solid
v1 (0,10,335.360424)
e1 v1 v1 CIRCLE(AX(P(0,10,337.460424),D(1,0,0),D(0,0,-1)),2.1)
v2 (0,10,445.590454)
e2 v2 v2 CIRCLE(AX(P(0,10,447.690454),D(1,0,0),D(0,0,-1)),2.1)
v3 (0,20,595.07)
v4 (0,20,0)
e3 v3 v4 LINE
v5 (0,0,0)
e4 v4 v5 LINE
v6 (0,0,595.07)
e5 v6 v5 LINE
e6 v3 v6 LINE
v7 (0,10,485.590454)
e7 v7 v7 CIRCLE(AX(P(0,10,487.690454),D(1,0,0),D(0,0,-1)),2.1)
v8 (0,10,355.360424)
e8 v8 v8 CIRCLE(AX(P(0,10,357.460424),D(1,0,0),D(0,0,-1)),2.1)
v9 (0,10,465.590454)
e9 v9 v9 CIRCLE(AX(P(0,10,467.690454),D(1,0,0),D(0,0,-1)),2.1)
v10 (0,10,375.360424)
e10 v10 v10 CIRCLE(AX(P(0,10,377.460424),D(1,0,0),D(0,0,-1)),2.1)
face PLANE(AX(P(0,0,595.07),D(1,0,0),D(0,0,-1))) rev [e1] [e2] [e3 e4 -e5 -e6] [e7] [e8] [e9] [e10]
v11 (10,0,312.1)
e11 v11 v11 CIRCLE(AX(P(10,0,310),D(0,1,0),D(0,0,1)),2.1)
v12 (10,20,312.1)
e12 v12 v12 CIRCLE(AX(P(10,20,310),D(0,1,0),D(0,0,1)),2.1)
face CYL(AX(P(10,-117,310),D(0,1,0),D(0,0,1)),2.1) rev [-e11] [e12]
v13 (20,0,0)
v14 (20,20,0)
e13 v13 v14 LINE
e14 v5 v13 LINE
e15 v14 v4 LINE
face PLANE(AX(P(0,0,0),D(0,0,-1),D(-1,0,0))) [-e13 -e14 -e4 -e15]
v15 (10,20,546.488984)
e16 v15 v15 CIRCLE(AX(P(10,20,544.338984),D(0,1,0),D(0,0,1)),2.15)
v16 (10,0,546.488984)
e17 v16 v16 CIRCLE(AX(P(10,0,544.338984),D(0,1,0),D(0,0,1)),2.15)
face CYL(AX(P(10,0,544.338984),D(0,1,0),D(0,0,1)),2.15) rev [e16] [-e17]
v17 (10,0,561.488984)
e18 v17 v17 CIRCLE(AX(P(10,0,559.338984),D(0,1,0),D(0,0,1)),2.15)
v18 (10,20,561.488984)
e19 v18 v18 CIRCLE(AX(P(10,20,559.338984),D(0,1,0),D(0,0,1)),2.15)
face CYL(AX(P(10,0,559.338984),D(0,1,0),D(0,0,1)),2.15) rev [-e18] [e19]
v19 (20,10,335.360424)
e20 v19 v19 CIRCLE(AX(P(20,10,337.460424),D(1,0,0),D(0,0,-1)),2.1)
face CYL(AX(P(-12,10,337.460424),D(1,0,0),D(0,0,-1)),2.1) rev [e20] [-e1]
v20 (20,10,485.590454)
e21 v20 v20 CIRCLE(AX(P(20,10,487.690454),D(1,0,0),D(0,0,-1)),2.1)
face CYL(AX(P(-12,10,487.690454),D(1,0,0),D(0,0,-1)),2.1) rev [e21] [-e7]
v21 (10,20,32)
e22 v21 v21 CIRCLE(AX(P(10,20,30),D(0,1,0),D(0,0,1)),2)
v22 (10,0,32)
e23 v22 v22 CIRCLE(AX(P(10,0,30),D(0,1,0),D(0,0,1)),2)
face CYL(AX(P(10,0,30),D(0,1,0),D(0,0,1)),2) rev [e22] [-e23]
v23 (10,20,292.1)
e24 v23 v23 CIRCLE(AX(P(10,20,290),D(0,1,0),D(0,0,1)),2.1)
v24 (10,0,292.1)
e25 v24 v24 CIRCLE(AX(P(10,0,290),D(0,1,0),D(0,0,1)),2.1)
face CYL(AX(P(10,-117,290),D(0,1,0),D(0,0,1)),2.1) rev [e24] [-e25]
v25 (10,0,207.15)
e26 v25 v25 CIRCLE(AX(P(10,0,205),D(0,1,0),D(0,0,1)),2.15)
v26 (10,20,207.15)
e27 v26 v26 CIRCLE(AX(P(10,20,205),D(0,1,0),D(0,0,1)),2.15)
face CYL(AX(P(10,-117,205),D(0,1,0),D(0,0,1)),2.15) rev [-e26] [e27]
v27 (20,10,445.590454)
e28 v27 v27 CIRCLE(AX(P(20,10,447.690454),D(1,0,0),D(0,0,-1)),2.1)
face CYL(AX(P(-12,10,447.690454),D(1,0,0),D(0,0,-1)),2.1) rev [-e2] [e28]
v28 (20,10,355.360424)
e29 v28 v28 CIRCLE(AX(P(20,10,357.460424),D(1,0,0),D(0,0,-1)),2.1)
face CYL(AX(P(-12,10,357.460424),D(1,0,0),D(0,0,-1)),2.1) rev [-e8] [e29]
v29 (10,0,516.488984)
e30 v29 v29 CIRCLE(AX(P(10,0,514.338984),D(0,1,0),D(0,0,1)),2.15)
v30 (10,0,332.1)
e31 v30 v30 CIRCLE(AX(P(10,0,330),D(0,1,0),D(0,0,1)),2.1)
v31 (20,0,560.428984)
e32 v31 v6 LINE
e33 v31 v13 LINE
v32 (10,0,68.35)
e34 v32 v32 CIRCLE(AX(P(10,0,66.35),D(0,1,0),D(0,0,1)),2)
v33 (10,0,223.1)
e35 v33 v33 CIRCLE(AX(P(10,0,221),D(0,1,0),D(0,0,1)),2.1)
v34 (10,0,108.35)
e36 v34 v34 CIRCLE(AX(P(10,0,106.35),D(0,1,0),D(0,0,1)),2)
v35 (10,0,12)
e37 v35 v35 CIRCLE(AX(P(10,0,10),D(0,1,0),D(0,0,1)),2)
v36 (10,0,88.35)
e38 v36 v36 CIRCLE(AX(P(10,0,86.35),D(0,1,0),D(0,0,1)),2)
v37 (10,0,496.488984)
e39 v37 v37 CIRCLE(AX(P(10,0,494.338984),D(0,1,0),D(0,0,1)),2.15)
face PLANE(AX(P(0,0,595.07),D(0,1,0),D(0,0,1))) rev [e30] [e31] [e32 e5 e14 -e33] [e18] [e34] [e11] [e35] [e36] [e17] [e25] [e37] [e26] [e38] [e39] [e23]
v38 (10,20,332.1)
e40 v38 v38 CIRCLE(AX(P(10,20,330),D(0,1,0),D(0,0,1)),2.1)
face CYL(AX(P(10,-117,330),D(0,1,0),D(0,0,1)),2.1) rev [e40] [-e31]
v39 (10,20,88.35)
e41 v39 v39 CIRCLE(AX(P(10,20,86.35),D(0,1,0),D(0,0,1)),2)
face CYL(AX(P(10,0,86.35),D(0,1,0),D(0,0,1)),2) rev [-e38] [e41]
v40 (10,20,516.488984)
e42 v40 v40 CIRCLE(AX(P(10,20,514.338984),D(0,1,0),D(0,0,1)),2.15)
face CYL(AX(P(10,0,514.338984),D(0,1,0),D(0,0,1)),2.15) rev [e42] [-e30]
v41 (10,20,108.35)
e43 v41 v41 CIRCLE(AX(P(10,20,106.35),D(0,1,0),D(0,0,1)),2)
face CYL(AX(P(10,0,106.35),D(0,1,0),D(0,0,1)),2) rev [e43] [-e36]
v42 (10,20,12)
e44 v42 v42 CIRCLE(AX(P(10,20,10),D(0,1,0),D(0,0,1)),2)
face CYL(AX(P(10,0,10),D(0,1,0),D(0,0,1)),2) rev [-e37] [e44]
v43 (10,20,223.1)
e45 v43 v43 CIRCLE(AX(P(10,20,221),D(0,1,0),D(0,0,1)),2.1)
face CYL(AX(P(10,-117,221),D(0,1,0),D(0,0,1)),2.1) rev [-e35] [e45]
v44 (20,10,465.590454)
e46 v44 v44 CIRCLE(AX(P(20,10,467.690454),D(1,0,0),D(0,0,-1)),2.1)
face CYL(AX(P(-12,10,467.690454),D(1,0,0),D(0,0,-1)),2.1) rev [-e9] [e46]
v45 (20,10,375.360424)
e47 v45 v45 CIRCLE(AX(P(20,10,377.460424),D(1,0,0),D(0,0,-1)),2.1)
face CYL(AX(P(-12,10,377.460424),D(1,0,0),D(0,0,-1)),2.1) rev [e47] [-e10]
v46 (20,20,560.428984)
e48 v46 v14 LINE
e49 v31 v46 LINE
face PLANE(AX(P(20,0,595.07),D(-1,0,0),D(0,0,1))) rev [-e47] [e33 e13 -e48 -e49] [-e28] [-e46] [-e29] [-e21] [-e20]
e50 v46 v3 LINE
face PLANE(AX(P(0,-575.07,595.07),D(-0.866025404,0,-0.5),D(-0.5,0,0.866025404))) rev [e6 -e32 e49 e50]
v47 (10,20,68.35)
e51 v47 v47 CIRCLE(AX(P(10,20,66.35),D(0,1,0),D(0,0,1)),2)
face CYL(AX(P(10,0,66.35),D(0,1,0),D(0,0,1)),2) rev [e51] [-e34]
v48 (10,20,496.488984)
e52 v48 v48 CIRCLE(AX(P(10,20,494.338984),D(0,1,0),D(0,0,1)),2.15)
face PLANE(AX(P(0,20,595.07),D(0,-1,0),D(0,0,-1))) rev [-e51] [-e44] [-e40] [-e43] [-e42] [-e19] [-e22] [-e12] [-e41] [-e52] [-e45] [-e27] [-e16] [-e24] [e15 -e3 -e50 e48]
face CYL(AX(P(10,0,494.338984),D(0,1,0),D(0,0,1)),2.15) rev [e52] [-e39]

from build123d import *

# Parameters (mm, degrees)
SKETCH_1_W               = 20
SKETCH_1_H               = 20
EXTRUDE_1_DEPTH          = 595.07
CUT_EXTRUDE_1_DEPTH      = 595.07
CUT_EXTRUDE_2_DEPTH      = 596.741810603
CUT_EXTRUDE_2_DEPTH_BACK = 596.741810603
SKETCH_3_R               = 2
SKETCH_4_R               = 2.15
CUT_EXTRUDE_3_DEPTH      = 20
SKETCH_5_R               = 2.15
SKETCH_5_R_2             = 2.1
CUT_EXTRUDE_4_DEPTH      = 137
SKETCH_9_R               = 2.1
CUT_EXTRUDE_5_DEPTH      = 32


with BuildPart() as part:
    # 草图1 → 凸台-拉伸1 (new body)
    with BuildSketch(Plane.XY):
        with Locations((10, 10)):
            Rectangle(SKETCH_1_W, SKETCH_1_H)
    extrude(amount=EXTRUDE_1_DEPTH)

    # 草图2 → 切除-拉伸1 (cut)
    with BuildSketch(Plane(origin=(0, 20, 0), x_dir=(1, 0, 0), z_dir=(0, 1, 0))):
        Polygon((0, -595.07), (20, -560.428983849), (20, -595.07), align=None)
    extrude(amount=-CUT_EXTRUDE_1_DEPTH, mode=Mode.SUBTRACT)

    # 草图3 → 切除-拉伸2 (cut, two sides: drawn at the far end of the back side and taken through both)
    with BuildSketch(Plane(origin=(0, 20, 0), x_dir=(1, 0, 0), z_dir=(0, 1, 0)).offset(-CUT_EXTRUDE_2_DEPTH_BACK)):
        with Locations(Location((10, -10, 0), (0, 0, 270))):
            Circle(SKETCH_3_R)
        with Locations(Location((10, -30, 0), (0, 0, 270))):
            Circle(SKETCH_3_R)
        with Locations(Location((10, -66.35, 0), (0, 0, 270))):
            Circle(SKETCH_3_R)
        with Locations(Location((10, -86.35, 0), (0, 0, 270))):
            Circle(SKETCH_3_R)
        with Locations(Location((10, -106.35, 0), (0, 0, 270))):
            Circle(SKETCH_3_R)
    extrude(amount=CUT_EXTRUDE_2_DEPTH + CUT_EXTRUDE_2_DEPTH_BACK, mode=Mode.SUBTRACT)

    # 草图4 → 切除-拉伸3 (cut)
    with BuildSketch(Plane(origin=(0, 20, 0), x_dir=(1, 0, 0), z_dir=(0, 1, 0))):
        with Locations(Location((10, -544.338983849, 0), (0, 0, 270))):
            Circle(SKETCH_4_R)
        with Locations(Location((10, -559.338983849, 0), (0, 0, 270))):
            Circle(SKETCH_4_R)
        with Locations(Location((10, -514.338983849, 0), (0, 0, 270))):
            Circle(SKETCH_4_R)
        with Locations(Location((10, -494.338983849, 0), (0, 0, 270))):
            Circle(SKETCH_4_R)
    extrude(amount=-CUT_EXTRUDE_3_DEPTH, mode=Mode.SUBTRACT)

    # 草图5 → 切除-拉伸4 (cut)
    with BuildSketch(Plane(origin=(0, 20, 0), x_dir=(1, 0, 0), z_dir=(0, 1, 0))):
        with Locations(Location((10, -205, 0), (0, 0, 270))):
            Circle(SKETCH_5_R)
        with Locations(Location((10, -221, 0), (0, 0, 270))):
            Circle(SKETCH_5_R_2)
        with Locations(Location((10, -310, 0), (0, 0, 270))):
            Circle(SKETCH_5_R_2)
        with Locations(Location((10, -290, 0), (0, 0, 270))):
            Circle(SKETCH_5_R_2)
        with Locations(Location((10, -330, 0), (0, 0, 270))):
            Circle(SKETCH_5_R_2)
    extrude(amount=-CUT_EXTRUDE_4_DEPTH, mode=Mode.SUBTRACT)

    # 草图9 → 切除-拉伸5 (cut)
    with BuildSketch(Plane(origin=(20, 0, 0), x_dir=(0, 0, -1), z_dir=(1, 0, 0))):
        with Locations((-467.690453805, 10)):
            Circle(SKETCH_9_R)
        with Locations((-487.690453805, 10)):
            Circle(SKETCH_9_R)
        with Locations((-447.690453805, 10)):
            Circle(SKETCH_9_R)
        with Locations((-357.460423925, 10)):
            Circle(SKETCH_9_R)
        with Locations((-377.460423925, 10)):
            Circle(SKETCH_9_R)
        with Locations((-337.460423925, 10)):
            Circle(SKETCH_9_R)
    extrude(amount=-CUT_EXTRUDE_5_DEPTH, mode=Mode.SUBTRACT)


solid = part.part
